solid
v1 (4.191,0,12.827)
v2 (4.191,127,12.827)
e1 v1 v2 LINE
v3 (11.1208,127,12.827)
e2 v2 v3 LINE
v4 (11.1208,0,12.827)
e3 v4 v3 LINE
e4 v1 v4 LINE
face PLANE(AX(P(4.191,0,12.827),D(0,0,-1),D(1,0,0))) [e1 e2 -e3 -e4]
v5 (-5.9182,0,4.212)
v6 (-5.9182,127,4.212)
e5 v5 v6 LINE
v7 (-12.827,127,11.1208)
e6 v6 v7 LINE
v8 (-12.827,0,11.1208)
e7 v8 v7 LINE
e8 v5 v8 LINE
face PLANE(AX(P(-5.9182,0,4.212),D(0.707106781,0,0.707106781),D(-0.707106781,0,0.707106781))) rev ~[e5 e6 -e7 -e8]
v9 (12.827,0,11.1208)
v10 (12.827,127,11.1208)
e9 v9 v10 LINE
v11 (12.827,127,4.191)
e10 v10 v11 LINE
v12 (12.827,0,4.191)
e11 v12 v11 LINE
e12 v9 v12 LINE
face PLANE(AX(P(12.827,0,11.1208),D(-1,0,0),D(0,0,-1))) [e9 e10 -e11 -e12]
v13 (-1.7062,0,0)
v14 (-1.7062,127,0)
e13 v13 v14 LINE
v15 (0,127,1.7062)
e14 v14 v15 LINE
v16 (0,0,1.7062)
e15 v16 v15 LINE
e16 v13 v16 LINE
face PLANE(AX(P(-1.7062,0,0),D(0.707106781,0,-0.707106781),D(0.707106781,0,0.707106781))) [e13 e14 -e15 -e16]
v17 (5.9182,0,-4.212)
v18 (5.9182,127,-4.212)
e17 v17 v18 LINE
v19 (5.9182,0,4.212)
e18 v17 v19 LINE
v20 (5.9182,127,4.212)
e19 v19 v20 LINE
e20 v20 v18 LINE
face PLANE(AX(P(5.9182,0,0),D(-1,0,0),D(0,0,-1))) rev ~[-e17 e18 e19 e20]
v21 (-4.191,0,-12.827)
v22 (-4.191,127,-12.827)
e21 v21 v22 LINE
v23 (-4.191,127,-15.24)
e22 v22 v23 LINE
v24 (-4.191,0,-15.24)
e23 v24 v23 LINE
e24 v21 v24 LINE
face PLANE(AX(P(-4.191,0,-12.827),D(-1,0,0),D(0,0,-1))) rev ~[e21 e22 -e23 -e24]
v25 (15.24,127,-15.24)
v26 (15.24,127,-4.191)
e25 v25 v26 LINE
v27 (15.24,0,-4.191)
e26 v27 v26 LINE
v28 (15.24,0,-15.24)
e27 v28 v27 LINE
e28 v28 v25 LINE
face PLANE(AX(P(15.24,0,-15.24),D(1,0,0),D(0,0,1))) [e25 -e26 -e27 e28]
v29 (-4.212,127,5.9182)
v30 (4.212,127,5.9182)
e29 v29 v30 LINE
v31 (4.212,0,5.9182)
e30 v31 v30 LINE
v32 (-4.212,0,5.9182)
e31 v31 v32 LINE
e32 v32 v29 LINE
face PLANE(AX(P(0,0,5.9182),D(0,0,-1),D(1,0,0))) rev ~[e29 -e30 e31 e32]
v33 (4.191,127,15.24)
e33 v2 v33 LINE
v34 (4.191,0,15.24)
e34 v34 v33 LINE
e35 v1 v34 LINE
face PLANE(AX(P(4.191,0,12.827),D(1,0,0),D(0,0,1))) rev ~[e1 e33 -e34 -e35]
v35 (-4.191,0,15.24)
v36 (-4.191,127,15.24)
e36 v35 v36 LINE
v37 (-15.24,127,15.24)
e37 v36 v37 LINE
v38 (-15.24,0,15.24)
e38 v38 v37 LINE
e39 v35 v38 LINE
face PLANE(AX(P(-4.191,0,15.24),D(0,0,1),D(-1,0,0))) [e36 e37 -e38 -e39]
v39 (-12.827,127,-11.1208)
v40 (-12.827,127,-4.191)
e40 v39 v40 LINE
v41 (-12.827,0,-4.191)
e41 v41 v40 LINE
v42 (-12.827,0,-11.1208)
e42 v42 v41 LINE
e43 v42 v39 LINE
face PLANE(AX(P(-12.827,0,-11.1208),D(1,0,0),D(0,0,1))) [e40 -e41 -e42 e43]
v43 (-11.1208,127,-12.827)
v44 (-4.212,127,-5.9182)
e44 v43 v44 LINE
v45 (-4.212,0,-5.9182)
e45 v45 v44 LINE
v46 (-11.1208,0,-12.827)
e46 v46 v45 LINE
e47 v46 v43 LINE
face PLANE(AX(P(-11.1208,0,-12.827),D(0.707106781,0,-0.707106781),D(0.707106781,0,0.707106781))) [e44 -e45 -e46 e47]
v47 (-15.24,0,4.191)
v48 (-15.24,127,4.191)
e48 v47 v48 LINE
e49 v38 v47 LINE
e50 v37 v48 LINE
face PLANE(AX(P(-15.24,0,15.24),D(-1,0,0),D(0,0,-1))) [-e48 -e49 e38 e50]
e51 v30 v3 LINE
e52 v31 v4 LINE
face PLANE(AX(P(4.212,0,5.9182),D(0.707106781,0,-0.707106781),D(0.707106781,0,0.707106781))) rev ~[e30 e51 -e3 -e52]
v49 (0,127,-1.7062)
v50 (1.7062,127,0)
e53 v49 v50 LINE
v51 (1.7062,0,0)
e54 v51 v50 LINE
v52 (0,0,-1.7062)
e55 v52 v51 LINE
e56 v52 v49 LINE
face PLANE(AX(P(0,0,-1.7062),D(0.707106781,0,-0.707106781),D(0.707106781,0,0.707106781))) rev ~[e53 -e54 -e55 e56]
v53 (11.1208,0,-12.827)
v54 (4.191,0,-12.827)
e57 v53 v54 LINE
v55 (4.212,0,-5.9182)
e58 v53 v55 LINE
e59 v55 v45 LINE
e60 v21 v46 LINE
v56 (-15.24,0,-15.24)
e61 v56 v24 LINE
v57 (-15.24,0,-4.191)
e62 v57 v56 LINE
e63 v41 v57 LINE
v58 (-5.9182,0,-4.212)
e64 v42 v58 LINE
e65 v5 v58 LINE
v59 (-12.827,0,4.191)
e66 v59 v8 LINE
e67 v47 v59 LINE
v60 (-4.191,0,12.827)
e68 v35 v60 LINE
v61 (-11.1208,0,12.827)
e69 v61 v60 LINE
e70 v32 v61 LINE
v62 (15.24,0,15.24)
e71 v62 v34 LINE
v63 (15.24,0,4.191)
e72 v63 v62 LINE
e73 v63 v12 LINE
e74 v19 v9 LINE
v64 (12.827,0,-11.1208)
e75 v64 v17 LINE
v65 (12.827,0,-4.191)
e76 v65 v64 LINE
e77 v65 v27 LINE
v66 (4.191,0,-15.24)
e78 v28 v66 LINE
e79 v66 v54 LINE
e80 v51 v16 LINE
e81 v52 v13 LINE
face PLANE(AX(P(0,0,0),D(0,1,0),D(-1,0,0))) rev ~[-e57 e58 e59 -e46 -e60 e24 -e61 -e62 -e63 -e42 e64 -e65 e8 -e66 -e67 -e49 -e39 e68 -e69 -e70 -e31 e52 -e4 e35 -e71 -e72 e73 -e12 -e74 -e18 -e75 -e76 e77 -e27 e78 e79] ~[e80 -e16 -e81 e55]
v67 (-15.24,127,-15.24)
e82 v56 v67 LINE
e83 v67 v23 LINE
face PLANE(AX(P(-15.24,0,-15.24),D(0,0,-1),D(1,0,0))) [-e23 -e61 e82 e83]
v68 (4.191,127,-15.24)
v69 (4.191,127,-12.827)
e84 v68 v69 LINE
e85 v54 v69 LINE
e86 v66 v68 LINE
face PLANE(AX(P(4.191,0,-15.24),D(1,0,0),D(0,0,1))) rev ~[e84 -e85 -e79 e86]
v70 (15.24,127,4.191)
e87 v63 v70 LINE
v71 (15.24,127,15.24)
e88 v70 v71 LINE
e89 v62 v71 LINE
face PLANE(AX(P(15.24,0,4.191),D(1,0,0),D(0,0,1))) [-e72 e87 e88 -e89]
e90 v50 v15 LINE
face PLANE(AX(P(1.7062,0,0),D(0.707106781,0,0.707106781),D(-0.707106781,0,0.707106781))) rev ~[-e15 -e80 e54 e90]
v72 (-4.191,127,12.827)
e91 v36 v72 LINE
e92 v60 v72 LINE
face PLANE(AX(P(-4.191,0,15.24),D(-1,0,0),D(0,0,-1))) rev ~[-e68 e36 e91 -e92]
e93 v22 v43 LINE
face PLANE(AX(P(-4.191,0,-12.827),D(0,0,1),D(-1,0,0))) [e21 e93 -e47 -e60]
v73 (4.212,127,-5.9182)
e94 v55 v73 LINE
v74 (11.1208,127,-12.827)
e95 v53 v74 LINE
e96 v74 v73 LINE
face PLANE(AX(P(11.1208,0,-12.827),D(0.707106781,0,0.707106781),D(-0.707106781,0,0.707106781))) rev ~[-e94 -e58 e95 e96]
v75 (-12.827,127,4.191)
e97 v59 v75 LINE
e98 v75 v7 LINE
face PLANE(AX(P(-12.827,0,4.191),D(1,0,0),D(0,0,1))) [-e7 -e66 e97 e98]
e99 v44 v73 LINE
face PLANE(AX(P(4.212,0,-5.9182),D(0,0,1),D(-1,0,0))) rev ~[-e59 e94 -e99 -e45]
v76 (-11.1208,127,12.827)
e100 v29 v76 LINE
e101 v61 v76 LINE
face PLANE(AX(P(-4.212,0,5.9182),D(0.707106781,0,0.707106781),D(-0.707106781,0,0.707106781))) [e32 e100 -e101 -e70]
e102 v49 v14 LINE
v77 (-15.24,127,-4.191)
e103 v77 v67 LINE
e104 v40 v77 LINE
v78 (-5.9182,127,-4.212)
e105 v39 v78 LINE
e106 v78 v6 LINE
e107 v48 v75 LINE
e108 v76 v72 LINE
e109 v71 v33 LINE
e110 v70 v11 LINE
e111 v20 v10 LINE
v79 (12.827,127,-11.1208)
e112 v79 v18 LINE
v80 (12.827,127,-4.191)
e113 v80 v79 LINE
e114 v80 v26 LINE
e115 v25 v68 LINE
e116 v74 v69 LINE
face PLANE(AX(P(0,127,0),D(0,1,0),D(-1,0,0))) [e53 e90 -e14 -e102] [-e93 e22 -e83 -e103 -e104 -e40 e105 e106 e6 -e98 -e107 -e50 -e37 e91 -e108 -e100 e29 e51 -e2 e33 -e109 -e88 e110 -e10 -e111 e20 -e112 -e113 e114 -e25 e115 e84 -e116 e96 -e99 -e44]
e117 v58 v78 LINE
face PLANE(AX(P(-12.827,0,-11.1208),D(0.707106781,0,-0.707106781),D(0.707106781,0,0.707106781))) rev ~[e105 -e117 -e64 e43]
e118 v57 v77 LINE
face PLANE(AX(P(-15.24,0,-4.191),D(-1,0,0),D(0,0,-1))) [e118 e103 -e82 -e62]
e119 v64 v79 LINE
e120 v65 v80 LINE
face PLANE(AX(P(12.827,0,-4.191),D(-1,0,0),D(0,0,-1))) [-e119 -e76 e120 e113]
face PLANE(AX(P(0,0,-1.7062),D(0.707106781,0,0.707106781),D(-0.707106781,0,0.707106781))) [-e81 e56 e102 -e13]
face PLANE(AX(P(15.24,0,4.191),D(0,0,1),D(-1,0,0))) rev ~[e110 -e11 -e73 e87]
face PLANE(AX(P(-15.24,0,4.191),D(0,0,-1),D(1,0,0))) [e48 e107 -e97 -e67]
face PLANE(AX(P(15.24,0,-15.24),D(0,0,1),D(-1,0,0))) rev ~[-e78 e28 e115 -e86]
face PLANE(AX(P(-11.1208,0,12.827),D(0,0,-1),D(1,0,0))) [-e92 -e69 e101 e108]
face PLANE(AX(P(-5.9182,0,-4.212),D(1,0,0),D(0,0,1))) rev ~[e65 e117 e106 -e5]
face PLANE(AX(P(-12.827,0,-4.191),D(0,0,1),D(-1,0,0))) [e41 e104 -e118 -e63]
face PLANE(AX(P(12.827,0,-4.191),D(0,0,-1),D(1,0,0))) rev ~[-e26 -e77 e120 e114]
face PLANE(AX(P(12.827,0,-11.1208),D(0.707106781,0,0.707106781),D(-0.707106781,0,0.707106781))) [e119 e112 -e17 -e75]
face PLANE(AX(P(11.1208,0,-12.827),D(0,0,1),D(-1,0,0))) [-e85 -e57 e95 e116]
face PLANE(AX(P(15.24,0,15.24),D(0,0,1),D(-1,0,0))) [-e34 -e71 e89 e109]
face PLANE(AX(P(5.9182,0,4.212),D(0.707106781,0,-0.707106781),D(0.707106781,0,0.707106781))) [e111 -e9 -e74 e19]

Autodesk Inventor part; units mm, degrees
ref_plane "YZ Plane" through (0, 0, 0) normal (1, 0, 0) x (0, 1, 0)
ref_plane "XZ Plane" through (0, 0, 0) normal (0, 1, 0) x (-1, 0, 0)
ref_plane "XY Plane" through (0, 0, 0) normal (0, 0, 1) x (1, 0, 0)
sketch "Sketch1" plane through (0, 0, 0) normal (0, 1, 0) x (-1, 0, 0)
  line L0 (0, -29.8704) -> (0, 29.8704) projected
  line L1 (-29.8704, 0) -> (29.8704, 0) projected
  line L2 (0, -21.336) -> (0, 21.336)
  line L3 (-21.336, 0) -> (21.336, 0)
  line L4 (15.24, -15.24) -> (4.191, -15.24)
  line L5 (-15.24, -15.24) -> (-4.191, -15.24)
  line L6 (15.24, 4.191) -> (12.827, 4.191)
  line L7 (12.827, -4.191) -> (15.24, -4.191)
  line L8 (-4.191, 12.827) -> (-4.191, 15.24)
  line L9 (4.191, 15.24) -> (4.191, 12.827)
  line L10 (-11.1208, -12.827) -> (-4.212, -5.9182)
  line L11 (-12.827, -11.1208) -> (-5.9182, -4.212)
  line L12 (-5.9182, 4.212) -> (-12.827, 11.1208)
  line L13 (-4.212, 5.9182) -> (-11.1208, 12.827)
  line L14 (-1.7062, 0) -> (0, 1.7062)
  line L15 (4.212, 5.9182) -> (11.1208, 12.827)
  line L16 (0, -1.7062) -> (1.7062, 0)
  line L17 (5.9182, 4.212) -> (12.827, 11.1208)
  line L18 (12.827, -11.1208) -> (5.9182, -4.212)
  line L19 (1.7062, 0) -> (0, 1.7062)
  line L20 (11.1208, -12.827) -> (4.212, -5.9182)
  line L21 (0, -1.7062) -> (-1.7062, 0)
  line L22 (4.191, -12.827) -> (4.191, -15.24)
  line L23 (-15.24, 4.191) -> (-12.827, 4.191)
  line L24 (-4.191, -15.24) -> (-4.191, -12.827)
  line L25 (-12.827, -4.191) -> (-15.24, -4.191)
  line L26 (11.1208, 12.827) -> (4.191, 12.827)
  line L27 (-4.191, 12.827) -> (-11.1208, 12.827)
  line L28 (-12.827, 11.1208) -> (-12.827, 4.191)
  line L29 (-12.827, -4.191) -> (-12.827, -11.1208)
  line L30 (-11.1208, -12.827) -> (-4.191, -12.827)
  line L31 (4.191, -12.827) -> (11.1208, -12.827)
  line L32 (12.827, -11.1208) -> (12.827, -4.191)
  line L33 (12.827, 4.191) -> (12.827, 11.1208)
  line L34 (-15.24, -15.24) -> (-15.24, -4.191)
  line L35 (-15.24, 4.191) -> (-15.24, 15.24)
  line L36 (15.24, -15.24) -> (4.191, -15.24)
  line L37 (-4.191, -15.24) -> (-15.24, -15.24)
  line L38 (15.24, 15.24) -> (15.24, 4.191)
  line L39 (15.24, -4.191) -> (15.24, -15.24)
  line L40 (-15.24, 15.24) -> (-4.191, 15.24)
  line L41 (4.191, 15.24) -> (15.24, 15.24)
  line L42 (4.212, 5.9182) -> (-4.212, 5.9182)
  line L43 (-5.9182, 4.212) -> (-5.9182, -4.212)
  line L44 (-4.212, -5.9182) -> (4.212, -5.9182)
  line L45 (5.9182, -4.212) -> (5.9182, 4.212)
  line L46 (5.9182, 5.9182) -> (-5.9182, -5.9182) construction
  line L47 (-5.9182, 5.9182) -> (5.9182, -5.9182) construction
  point P0 (0, 0)
  point P1 (0, 0)
  point P2 (0, -4.191)
  point P3 (-4.191, 0)
  point P4 (0, 4.191)
  point P5 (4.191, 0)
  dimension "d0" = 11.049
  dimension "d1" = 30.48
  dimension "d2" = 30.48
  dimension "d3" = 11.8364
  dimension "d4" = 11.8364
extrude "Extrusion1" add sketch "Sketch1" along normal blind 127 contours L44 L10 L30 L24 L5 L34 L25 L29 L11 L43 L1 L21 L0 | L0 L16 L1 L45 L18 L32 L7 L39 L4 L22 L31 L20 L44 | L19 L0 L42 L15 L26 L9 L41 L38 L6 L33 L17 L45 L1 | L1 L43 L12 L28 L23 L35 L40 L8 L27 L13 L42 L0 L14
properties part number "ProfileTwo"
